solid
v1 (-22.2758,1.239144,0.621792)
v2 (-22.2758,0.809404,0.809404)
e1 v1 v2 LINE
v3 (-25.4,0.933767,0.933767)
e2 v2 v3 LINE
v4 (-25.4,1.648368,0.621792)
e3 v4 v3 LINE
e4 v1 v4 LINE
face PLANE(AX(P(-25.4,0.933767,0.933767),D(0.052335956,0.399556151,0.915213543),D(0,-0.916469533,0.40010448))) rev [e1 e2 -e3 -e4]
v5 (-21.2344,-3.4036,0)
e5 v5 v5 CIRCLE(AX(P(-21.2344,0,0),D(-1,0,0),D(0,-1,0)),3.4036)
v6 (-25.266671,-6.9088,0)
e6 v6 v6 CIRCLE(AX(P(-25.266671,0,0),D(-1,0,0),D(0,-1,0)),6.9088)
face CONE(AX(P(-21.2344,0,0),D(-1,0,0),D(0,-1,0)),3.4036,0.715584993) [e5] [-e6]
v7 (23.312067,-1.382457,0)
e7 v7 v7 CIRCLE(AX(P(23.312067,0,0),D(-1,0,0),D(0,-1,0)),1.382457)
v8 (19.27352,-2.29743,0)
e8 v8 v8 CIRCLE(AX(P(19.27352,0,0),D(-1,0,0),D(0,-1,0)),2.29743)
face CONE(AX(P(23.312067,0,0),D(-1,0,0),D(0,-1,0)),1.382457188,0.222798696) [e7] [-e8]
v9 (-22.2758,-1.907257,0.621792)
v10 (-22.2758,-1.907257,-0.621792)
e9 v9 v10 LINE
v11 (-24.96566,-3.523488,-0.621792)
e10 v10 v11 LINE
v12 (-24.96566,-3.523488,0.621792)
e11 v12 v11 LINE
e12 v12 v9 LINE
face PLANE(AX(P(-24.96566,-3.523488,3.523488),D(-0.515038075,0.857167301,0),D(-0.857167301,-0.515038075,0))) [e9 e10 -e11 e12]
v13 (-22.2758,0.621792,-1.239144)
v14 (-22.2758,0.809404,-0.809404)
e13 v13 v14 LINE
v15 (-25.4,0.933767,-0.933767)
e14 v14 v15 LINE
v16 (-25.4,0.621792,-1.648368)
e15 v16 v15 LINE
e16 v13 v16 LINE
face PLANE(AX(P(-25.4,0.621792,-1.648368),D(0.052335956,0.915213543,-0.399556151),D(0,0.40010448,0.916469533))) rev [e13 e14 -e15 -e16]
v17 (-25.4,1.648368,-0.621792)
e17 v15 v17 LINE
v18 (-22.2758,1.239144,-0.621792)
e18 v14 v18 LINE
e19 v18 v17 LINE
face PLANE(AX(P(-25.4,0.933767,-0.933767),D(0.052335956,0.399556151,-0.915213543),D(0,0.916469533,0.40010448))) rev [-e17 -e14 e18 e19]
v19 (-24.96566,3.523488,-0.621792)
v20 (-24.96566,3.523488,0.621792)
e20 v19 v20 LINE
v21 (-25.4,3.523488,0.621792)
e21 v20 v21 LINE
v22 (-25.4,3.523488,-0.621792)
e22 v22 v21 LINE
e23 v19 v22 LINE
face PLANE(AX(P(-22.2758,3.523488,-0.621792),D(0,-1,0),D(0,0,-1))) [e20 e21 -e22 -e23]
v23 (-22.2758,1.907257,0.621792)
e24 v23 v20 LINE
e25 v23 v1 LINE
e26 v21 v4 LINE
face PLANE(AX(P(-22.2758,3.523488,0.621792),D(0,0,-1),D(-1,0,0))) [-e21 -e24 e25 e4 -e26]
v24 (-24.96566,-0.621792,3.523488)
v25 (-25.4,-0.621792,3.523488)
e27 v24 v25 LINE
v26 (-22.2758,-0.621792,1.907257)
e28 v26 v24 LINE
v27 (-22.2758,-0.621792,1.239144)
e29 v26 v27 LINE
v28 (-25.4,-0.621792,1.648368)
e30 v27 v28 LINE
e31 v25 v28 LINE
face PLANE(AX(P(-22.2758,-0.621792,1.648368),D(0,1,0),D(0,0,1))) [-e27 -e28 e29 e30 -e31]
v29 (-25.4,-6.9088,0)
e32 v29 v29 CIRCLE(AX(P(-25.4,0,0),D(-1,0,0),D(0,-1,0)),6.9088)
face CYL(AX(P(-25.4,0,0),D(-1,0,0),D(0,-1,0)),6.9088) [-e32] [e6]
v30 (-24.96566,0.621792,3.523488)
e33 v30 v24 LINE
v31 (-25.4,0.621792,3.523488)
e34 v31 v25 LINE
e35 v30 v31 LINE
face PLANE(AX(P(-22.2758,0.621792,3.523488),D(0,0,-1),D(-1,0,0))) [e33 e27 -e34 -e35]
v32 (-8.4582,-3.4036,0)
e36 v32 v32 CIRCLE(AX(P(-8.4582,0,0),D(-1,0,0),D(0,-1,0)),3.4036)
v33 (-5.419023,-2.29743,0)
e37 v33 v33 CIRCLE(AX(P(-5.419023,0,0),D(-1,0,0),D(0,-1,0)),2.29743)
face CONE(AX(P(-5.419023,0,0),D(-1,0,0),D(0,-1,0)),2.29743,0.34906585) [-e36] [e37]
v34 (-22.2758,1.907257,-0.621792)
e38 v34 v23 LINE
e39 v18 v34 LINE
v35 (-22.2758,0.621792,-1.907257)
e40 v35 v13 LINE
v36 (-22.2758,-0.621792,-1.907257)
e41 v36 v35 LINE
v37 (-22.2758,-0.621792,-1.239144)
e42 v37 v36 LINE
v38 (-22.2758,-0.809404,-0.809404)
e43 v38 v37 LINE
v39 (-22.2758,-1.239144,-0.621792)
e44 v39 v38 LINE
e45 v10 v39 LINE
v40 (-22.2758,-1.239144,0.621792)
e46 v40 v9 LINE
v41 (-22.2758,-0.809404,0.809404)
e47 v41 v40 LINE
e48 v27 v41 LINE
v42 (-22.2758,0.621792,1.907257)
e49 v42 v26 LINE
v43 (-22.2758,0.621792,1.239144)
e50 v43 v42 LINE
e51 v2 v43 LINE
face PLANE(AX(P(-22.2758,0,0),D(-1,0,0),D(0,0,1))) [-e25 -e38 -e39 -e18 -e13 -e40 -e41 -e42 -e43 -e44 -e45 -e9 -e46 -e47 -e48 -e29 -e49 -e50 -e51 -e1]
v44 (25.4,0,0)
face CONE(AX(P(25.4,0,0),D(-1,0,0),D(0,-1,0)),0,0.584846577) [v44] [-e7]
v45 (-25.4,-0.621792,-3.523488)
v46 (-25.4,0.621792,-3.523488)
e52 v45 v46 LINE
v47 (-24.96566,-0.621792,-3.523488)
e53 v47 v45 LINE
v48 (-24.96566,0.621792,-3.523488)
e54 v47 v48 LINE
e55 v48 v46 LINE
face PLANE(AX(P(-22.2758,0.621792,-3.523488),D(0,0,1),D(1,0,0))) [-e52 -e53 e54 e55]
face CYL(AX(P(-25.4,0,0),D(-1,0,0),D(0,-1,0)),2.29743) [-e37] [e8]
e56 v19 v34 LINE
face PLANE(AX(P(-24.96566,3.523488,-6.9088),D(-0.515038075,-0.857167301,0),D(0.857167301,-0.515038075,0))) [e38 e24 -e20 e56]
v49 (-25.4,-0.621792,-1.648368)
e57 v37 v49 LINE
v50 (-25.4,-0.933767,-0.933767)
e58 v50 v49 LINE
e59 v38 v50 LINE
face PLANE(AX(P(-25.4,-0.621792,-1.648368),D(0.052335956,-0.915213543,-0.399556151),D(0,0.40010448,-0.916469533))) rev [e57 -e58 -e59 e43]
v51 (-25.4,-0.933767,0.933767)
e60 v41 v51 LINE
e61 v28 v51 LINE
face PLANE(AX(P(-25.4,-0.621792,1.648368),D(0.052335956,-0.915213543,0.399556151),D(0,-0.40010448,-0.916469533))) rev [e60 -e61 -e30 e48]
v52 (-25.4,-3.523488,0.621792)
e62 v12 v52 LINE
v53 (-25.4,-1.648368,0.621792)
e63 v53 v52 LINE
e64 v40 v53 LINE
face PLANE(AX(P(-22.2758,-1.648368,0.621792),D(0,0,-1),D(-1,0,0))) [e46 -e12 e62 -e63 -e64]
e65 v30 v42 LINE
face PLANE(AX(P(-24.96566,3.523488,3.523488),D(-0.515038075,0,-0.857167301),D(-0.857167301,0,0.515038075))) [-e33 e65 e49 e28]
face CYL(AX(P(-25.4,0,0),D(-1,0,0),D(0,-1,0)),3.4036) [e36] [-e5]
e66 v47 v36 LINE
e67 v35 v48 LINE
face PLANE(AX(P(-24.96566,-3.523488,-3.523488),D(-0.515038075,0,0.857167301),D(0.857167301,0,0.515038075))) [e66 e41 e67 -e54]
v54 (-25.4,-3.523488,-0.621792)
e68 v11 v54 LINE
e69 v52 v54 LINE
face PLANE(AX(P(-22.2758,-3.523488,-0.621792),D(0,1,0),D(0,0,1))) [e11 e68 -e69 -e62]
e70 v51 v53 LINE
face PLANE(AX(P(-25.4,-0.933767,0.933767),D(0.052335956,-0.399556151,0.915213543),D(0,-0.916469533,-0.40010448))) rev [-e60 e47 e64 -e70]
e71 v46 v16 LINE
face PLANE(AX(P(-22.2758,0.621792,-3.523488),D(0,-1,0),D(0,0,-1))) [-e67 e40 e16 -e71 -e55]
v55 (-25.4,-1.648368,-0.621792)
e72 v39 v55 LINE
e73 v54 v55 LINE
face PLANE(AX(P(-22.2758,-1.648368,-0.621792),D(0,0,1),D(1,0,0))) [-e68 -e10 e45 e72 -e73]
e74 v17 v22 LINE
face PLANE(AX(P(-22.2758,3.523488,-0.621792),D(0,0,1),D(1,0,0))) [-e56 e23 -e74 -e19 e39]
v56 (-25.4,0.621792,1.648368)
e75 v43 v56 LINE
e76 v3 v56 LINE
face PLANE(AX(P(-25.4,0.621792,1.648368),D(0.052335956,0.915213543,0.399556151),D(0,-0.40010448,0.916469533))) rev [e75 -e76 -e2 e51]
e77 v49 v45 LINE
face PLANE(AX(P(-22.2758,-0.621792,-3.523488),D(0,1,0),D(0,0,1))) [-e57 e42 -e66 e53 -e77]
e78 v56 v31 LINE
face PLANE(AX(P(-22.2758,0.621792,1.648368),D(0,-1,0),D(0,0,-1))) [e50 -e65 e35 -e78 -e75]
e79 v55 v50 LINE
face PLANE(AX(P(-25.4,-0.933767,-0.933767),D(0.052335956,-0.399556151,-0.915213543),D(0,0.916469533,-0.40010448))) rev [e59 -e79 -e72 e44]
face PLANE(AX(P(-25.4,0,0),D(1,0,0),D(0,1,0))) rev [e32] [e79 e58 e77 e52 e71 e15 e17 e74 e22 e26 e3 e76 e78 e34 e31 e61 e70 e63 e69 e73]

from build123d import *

# Parameters (mm, degrees)
BOSS_EXTRUDE1_START = -25.4
BOSS_EXTRUDE1_DEPTH = 3.1242
CUT_EXTRUDE2_DEPTH  = 28.214390217
DRAFT2_ANGLE        = -3
CIRPATTERN3_COUNT   = 4


with BuildPart() as part:
    # Sketch13 → Revolve2 (revolve)
    with BuildSketch(Plane.XY, mode=Mode.PRIVATE) as revolve2_sk:
        Polygon((-25.4, 0), (-25.4, 6.9088), (-25.266671341, 6.9088), (-21.2344, 3.4036), (-8.4582, 3.4036), (-5.419022903, 2.29743), (19.27352, 2.29743), (23.312066741, 1.382457188), (25.4, 0), align=None)
    revolve(revolve2_sk.sketch.rotate(Axis((-25.4, 0, 0), (1, 0, 0)), 180), axis=Axis((-25.4, 0, 0), (1, 0, 0)))


with BuildPart() as body_2:
    # Sketch9 → Boss-Extrude1 (new body)
    with BuildSketch(Plane(origin=(0, 0, 0), x_dir=(0, 0, -1), z_dir=(1, 0, 0)).offset(BOSS_EXTRUDE1_START)):
        Polygon((0.621792, -1.648367869), (0.621792, -3.523488), (-0.621792, -3.523488), (-0.621792, -1.648367869), (-0.933766565, -0.933766565), (-1.648367869, -0.621792), (-3.523488, -0.621792), (-3.523488, 0.621792), (-1.648367869, 0.621792), (-0.933766565, 0.933766565), (-0.621792, 1.648367869), (-0.621792, 3.523488), (0.621792, 3.523488), (0.621792, 1.648367869), (0.933766565, 0.933766565), (1.648367869, 0.621792), (3.523488, 0.621792), (3.523488, -0.621792), (1.648367869, -0.621792), (0.933766565, -0.933766565), align=None)
    extrude(amount=BOSS_EXTRUDE1_DEPTH)

    # Sketch10 → Cut-Extrude2 (cut, symmetric)
    with BuildSketch(Plane.XY):
        Polygon((-24.96566, 3.523488), (-22.2758, 1.907257055), (-22.2758, 3.523488), align=None)
    cut_extrude2 = extrude(amount=CUT_EXTRUDE2_DEPTH, both=True, mode=Mode.SUBTRACT)

    # Draft2
    draft2_faces = [body_2.faces().sort_by_distance(p)[0] for p in [
        (-23.8379, 0.777779282, 1.291067217),
        (-23.8379, 1.291067217, 0.777779282),
        (-23.8379, 1.291067217, -0.777779282),
        (-23.8379, 0.777779282, -1.291067217),
        (-23.8379, -0.777779282, -1.291067217),
        (-23.8379, -1.291067217, -0.777779282),
        (-23.8379, -0.777779282, 1.291067217),
        (-23.8379, -1.291067217, 0.777779282),
    ]]
    draft(draft2_faces, Plane(origin=(-25.4, 0, 0), x_dir=(0, 0, -1), z_dir=(-1, 0, 0)), DRAFT2_ANGLE)

    # CirPattern3: Cut-Extrude2 ×4 about axis
    cirpattern3_axis = Axis((0, 0, 0), (1, 0, 0))
    for i in range(1, CIRPATTERN3_COUNT):
        add(cut_extrude2.rotate(cirpattern3_axis, i * 360 / CIRPATTERN3_COUNT), mode=Mode.SUBTRACT)


with BuildPart() as part_1:
    add(part.part)

    # Combine2: cut body 2
    add(body_2.part, mode=Mode.SUBTRACT)


solid = part_1.part
